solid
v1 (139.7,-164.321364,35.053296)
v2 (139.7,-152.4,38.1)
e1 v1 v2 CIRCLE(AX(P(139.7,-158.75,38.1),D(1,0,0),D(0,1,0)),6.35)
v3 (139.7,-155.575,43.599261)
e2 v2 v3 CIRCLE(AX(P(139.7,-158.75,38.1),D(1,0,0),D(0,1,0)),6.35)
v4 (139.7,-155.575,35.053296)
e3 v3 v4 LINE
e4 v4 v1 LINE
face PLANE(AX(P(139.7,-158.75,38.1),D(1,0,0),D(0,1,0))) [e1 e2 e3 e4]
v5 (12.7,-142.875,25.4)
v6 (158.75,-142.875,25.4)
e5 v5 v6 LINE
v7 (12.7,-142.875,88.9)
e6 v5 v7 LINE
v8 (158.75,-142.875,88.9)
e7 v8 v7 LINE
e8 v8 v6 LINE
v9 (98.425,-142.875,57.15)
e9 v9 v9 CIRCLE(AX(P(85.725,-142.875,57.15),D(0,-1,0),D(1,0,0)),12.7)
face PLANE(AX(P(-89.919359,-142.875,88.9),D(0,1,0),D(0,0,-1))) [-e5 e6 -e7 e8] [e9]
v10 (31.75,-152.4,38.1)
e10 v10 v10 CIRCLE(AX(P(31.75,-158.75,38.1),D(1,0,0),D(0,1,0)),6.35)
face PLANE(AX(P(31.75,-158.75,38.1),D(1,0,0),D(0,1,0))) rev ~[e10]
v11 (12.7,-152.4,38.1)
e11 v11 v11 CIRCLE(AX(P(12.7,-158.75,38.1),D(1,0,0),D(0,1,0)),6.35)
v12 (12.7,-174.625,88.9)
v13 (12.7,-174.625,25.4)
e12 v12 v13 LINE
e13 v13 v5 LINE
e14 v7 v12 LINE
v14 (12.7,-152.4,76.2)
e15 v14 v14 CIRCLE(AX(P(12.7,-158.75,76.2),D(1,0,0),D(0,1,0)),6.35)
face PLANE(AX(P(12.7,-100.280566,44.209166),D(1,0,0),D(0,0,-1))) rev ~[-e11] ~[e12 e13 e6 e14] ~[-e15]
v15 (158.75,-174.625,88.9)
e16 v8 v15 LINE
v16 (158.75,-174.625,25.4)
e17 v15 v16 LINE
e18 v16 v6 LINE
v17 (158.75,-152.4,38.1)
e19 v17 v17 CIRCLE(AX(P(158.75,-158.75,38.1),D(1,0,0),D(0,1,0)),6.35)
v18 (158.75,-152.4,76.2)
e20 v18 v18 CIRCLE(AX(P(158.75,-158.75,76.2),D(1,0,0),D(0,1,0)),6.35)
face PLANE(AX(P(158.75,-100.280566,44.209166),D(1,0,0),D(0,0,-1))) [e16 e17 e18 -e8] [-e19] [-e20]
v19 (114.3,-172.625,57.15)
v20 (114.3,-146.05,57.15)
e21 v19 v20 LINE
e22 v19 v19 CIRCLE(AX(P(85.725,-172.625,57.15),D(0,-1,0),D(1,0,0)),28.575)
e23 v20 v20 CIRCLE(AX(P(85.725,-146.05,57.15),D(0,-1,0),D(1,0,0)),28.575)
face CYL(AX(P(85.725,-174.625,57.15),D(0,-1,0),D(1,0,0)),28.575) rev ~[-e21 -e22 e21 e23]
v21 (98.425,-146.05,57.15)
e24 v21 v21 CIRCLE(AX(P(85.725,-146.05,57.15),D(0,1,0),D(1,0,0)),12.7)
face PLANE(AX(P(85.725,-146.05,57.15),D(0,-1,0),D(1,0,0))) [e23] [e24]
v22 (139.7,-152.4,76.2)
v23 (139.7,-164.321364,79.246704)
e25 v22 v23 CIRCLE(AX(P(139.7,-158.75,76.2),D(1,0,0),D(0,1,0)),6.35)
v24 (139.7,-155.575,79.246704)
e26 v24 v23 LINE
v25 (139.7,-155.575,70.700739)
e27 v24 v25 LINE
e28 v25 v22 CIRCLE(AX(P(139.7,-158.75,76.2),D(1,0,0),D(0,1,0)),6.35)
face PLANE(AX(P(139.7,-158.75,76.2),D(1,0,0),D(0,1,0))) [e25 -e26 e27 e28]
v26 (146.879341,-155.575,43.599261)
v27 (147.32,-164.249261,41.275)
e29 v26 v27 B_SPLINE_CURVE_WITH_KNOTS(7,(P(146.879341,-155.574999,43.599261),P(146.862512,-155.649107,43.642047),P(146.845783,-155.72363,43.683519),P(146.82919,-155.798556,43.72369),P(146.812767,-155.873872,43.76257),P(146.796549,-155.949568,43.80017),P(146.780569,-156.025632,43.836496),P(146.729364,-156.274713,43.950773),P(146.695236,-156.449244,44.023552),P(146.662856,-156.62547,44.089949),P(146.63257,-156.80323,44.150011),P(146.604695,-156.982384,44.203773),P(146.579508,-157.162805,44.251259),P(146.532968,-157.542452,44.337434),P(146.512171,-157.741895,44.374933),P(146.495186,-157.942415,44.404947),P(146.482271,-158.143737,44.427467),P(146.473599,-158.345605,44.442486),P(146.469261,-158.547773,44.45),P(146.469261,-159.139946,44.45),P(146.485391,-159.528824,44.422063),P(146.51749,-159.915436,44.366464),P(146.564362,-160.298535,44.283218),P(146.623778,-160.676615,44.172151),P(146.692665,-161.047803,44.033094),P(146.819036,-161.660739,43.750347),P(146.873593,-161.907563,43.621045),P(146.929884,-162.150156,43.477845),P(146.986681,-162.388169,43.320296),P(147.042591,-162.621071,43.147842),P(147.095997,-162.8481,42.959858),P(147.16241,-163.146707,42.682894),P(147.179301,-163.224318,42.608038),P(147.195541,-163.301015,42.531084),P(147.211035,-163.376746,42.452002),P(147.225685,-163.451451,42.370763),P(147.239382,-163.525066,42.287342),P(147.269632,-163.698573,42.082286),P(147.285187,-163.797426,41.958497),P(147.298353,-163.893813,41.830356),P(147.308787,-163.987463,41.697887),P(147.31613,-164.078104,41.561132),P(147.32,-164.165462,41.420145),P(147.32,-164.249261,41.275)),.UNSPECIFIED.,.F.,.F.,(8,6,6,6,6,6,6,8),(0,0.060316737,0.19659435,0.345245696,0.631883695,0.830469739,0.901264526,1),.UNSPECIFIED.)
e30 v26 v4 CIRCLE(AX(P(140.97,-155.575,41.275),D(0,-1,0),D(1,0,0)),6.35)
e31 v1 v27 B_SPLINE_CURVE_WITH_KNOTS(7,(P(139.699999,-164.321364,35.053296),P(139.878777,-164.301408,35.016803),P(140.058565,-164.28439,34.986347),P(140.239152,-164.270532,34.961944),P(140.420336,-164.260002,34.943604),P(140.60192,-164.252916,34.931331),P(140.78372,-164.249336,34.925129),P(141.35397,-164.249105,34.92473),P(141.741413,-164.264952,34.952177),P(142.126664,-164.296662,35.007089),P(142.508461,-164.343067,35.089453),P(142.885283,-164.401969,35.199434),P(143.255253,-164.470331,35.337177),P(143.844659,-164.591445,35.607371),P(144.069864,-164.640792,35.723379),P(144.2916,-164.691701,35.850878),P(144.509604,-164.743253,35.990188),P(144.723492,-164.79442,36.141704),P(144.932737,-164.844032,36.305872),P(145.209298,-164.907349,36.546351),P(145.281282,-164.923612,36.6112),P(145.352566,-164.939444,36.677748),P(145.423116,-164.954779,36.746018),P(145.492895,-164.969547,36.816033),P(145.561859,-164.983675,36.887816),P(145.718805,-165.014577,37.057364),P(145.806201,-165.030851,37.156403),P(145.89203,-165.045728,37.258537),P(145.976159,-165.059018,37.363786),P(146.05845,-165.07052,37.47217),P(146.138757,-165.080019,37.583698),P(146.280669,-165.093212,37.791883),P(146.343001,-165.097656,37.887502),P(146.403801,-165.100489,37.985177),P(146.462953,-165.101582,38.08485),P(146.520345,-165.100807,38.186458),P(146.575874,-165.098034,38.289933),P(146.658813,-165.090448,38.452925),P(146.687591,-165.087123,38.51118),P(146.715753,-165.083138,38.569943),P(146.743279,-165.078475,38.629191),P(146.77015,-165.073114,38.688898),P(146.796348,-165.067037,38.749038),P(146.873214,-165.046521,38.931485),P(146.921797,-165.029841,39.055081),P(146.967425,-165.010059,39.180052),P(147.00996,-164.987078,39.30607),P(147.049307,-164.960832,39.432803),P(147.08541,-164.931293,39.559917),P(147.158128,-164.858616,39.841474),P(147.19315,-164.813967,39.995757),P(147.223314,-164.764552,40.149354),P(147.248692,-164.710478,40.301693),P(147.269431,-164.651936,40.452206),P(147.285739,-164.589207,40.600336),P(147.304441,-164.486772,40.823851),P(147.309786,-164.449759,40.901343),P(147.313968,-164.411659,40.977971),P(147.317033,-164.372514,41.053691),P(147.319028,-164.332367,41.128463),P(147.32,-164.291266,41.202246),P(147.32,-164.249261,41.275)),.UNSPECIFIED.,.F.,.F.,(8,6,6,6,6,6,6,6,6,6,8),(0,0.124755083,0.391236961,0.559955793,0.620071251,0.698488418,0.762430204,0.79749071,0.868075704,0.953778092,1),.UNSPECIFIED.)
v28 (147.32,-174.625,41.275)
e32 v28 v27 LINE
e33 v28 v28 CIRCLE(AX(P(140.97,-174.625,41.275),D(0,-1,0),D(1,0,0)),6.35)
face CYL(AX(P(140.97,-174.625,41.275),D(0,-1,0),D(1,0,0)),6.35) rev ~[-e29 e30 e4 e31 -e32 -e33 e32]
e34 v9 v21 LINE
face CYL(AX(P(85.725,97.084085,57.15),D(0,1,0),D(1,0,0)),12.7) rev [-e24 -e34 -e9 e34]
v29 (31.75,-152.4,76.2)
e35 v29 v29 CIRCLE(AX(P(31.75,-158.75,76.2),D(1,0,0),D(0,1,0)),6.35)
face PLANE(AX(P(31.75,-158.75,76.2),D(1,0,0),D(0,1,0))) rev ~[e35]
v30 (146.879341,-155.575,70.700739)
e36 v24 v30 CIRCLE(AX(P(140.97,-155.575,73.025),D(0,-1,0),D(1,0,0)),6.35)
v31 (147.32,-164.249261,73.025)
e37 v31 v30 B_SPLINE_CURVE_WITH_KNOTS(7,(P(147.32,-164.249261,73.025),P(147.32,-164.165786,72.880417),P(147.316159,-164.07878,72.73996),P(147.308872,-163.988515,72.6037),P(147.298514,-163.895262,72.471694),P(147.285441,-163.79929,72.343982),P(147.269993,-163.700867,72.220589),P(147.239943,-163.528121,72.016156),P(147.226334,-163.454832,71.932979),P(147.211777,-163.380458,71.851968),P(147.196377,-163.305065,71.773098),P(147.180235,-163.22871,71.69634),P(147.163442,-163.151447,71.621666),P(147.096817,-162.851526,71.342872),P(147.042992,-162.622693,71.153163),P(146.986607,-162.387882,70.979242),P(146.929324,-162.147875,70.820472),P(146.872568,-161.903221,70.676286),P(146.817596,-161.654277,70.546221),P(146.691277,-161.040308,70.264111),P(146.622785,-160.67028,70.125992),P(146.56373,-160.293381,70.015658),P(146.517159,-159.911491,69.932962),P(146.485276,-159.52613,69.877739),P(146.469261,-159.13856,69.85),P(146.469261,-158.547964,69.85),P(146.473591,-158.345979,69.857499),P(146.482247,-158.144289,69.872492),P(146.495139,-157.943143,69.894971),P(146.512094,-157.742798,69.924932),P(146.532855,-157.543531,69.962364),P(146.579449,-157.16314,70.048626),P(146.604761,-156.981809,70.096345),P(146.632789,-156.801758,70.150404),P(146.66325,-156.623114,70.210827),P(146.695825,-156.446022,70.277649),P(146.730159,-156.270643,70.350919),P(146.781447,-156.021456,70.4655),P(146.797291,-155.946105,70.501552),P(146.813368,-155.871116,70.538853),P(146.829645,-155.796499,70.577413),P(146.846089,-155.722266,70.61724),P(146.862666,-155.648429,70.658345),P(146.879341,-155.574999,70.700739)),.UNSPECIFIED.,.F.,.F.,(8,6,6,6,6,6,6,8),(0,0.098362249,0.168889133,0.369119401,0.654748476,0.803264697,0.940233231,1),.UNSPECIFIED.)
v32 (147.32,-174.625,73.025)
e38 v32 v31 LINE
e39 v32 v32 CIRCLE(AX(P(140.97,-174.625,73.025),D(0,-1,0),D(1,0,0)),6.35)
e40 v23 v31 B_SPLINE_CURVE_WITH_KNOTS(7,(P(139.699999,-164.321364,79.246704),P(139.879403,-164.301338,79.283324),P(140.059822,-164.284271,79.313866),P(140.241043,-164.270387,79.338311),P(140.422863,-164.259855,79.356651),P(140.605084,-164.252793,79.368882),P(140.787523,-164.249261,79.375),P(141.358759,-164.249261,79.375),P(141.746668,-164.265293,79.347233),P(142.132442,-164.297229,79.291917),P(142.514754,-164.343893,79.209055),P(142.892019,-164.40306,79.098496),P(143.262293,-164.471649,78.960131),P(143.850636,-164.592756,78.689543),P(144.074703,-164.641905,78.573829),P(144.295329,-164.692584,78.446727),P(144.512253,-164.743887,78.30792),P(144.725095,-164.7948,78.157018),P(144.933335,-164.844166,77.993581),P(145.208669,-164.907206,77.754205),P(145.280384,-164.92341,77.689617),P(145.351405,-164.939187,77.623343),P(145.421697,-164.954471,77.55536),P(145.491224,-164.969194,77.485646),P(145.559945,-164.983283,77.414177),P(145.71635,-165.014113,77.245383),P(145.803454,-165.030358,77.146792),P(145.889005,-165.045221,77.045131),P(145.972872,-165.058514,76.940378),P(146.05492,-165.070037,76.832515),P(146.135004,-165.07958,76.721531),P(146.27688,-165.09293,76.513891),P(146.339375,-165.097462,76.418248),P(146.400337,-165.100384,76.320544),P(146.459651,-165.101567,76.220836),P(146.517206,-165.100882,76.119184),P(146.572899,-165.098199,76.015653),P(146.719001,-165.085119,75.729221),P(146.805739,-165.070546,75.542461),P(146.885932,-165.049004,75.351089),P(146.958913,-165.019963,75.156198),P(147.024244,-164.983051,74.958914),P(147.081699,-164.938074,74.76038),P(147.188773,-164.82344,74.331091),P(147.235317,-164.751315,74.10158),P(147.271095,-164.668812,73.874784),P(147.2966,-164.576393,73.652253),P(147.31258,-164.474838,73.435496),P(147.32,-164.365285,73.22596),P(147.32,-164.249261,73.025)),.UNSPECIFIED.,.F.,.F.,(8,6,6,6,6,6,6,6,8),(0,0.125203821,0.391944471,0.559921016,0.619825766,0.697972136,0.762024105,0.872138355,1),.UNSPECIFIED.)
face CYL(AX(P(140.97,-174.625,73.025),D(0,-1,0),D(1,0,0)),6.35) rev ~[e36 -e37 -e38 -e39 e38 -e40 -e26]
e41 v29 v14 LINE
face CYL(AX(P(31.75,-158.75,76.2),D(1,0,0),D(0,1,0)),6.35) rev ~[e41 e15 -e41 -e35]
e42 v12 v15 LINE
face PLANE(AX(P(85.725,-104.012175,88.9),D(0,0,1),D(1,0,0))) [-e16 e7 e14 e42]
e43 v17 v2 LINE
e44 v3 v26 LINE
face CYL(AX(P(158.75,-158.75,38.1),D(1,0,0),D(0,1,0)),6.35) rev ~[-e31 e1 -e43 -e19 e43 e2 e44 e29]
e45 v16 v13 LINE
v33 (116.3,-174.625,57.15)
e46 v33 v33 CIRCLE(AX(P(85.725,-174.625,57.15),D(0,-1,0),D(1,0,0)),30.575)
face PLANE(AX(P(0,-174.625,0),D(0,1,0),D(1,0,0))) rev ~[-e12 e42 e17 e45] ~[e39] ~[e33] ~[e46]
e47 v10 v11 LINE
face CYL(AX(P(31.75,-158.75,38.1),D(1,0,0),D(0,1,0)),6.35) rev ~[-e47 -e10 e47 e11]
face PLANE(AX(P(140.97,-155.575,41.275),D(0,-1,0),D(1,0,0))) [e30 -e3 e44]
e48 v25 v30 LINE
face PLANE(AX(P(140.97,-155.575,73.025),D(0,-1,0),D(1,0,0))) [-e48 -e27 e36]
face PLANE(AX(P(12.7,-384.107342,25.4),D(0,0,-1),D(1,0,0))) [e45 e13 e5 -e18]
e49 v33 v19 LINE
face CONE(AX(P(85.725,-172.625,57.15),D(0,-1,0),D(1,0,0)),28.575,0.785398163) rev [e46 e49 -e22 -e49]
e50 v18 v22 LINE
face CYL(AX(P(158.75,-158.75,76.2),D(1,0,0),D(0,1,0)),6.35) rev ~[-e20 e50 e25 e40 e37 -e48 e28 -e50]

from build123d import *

# Parameters (mm, degrees)
BOSS_EXTRUDE1_DEPTH      = 88.9
CUT_EXTRUDE2_DEPTH       = 241.232341963
CUT_EXTRUDE2_DEPTH_BACK  = 241.232341963
SKETCH3_R                = 28.575
CUT_EXTRUDE5_DEPTH       = 28.575
CUT_EXTRUDE6_DEPTH       = 243.134084755
CUT_EXTRUDE6_DEPTH_BACK  = 243.134084755
SKETCH4_R                = 12.7
CUT_EXTRUDE7_DEPTH       = 261.369359036
CUT_EXTRUDE7_DEPTH_BACK  = 261.369359036
CUT_EXTRUDE8_DEPTH       = 261.369359036
CUT_EXTRUDE8_DEPTH_BACK  = 12.7
SKETCH6_R                = 9.525
SKETCH7_R                = 6.35
CUT_EXTRUDE9_DEPTH       = 12.7
SKETCH12_R               = 12.7
CUT_EXTRUDE13_DEPTH      = 3.175
CUT_EXTRUDE14_DEPTH      = 253.187753717
CUT_EXTRUDE14_DEPTH_BACK = 253.187753717
SKETCH14_R               = 1.5875
CUT_EXTRUDE15_START      = -12.7
CUT_EXTRUDE15_DEPTH      = 12.7
CUT_EXTRUDE16_START      = -12.7
SKETCH8_4_R              = 6.35
CUT_EXTRUDE16_DEPTH      = 19.05
CUT_EXTRUDE18_START      = -171.45
CUT_EXTRUDE18_DEPTH      = 12.7
CUT_EXTRUDE19_START      = -139.7
SKETCH8_10_R             = 6.35
CUT_EXTRUDE19_DEPTH      = 19.05
SKETCH15_R               = 6.35
CUT_EXTRUDE20_DEPTH      = 19.05
CHAMFER1_SIZE            = 2


with BuildPart() as part:
    # Sketch1 → Boss-Extrude1 (new body)
    with BuildSketch(Plane.XY):
        Polygon((0, 0), (0, -174.625), (171.45, -174.625), (171.45, 0), (158.75, 0), (158.75, -142.875), (12.7, -142.875), (12.7, 0), align=None)
    extrude(amount=BOSS_EXTRUDE1_DEPTH)

    # Sketch2 → Cut-Extrude2 (cut, two sides: drawn at the far end of the back side and taken through both)
    with BuildSketch(Plane(origin=(0, -142.875, 0), x_dir=(1, 0, 0), z_dir=(0, 1, 0)).offset(-CUT_EXTRUDE2_DEPTH_BACK)):
        Polygon((158.75, 0), (12.7, 0), (12.7, -25.4), (85.724999876, -25.4), (158.75, -25.4), align=None)
    extrude(amount=CUT_EXTRUDE2_DEPTH + CUT_EXTRUDE2_DEPTH_BACK, mode=Mode.SUBTRACT)

    # Sketch3 → Cut-Extrude5 (cut)
    with BuildSketch(Plane.XZ.offset(174.625)):
        with Locations((85.725, 57.15)):
            Circle(SKETCH3_R)
    extrude(amount=-CUT_EXTRUDE5_DEPTH, mode=Mode.SUBTRACT)

    # Sketch4 → Cut-Extrude6 (cut, two sides: drawn at the far end of the back side and taken through both)
    with BuildSketch(Plane.XZ.offset(146.05).offset(-CUT_EXTRUDE6_DEPTH_BACK)):
        with Locations((85.725, 57.15)):
            Circle(SKETCH4_R)
    extrude(amount=CUT_EXTRUDE6_DEPTH + CUT_EXTRUDE6_DEPTH_BACK, mode=Mode.SUBTRACT)

    # Sketch5 → Cut-Extrude7 (cut, two sides: drawn at the far end of the back side and taken through both)
    with BuildSketch(Plane(origin=(171.45, 0, 0), x_dir=(0, 0, -1), z_dir=(1, 0, 0)).offset(-CUT_EXTRUDE7_DEPTH_BACK)):
        with BuildLine():
            Line((0, -174.625), (0, -114.3))
            ThreePointArc((0, -114.3), (-0.597344099, -119.776153781), (-2.361280333, -124.994736842))
            Line((-2.361280333, -124.994736842), (-25.4, -174.625))
            Line((-25.4, -174.625), (0, -174.625))
        make_face()
        with BuildLine():
            Line((-39.269490456, -98.025866748), (-71.745289975, -22.119448379))
            ThreePointArc((-71.745289975, -22.119448379), (-70.400400796, -7.131859618), (-57.149999966, 0))
            Line((-57.149999966, 0), (-88.9, 0))
            Line((-88.9, 0), (-88.9, -142.875))
            Line((-88.9, -142.875), (-50.8, -142.875))
            Line((-50.8, -142.875), (-39.583234749, -118.711720996))
            ThreePointArc((-39.583234749, -118.711720996), (-37.224875429, -108.402184034), (-39.269490456, -98.025866748))
        make_face()
        with BuildLine():
            Line((0, 0), (-57.149999966, 0))
            ThreePointArc((-57.149999966, 0), (-48.406859618, -2.624599204), (-42.554710025, -9.630551621))
            Line((-42.554710025, -9.630551621), (-2.047536041, -104.308882594))
            ThreePointArc((-2.047536041, -104.308882594), (-0.51714863, -109.200616928), (0, -114.3))
            Line((0, -114.3), (0, 0))
        make_face()
    extrude(amount=CUT_EXTRUDE7_DEPTH + CUT_EXTRUDE7_DEPTH_BACK, mode=Mode.SUBTRACT)

    # Sketch6 → Cut-Extrude8 (cut, two sides: drawn at the far end of the back side and taken through both)
    with BuildSketch(Plane(origin=(171.45, 0, 0), x_dir=(0, 0, -1), z_dir=(1, 0, 0)).offset(-CUT_EXTRUDE8_DEPTH_BACK)):
        with Locations(Location((-57.15, -15.875, 0), (0, 0, 90))):
            Circle(SKETCH6_R)
    extrude(amount=CUT_EXTRUDE8_DEPTH + CUT_EXTRUDE8_DEPTH_BACK, mode=Mode.SUBTRACT)

    # Sketch7 → Cut-Extrude9 (cut)
    with BuildSketch(Plane(origin=(12.7, 0, 0), x_dir=(0, 0, -1), z_dir=(1, 0, 0))):
        with Locations((-57.15, -15.875)):
            Circle(SKETCH7_R)
    extrude(amount=-CUT_EXTRUDE9_DEPTH, mode=Mode.SUBTRACT)

    # Sketch12 → Cut-Extrude13 (cut)
    with BuildSketch(Plane(origin=(12.7, 0, 0), x_dir=(0, 0, -1), z_dir=(1, 0, 0))):
        with Locations((-57.15, -15.875)):
            Circle(SKETCH12_R)
    extrude(amount=-CUT_EXTRUDE13_DEPTH, mode=Mode.SUBTRACT)

    # Sketch14 → Cut-Extrude14 (cut, two sides: drawn at the far end of the back side and taken through both)
    with BuildSketch(Plane(origin=(12.7, 0, 0), x_dir=(0, 0, -1), z_dir=(1, 0, 0)).offset(-CUT_EXTRUDE14_DEPTH_BACK)):
        with Locations((-53.770765225, -24.780413934)):
            Circle(SKETCH14_R)
        with Locations((-66.551932086, -14.348796194)):
            Circle(SKETCH14_R)
        with Locations((-51.12730269, -8.495789872)):
            Circle(SKETCH14_R)
    extrude(amount=CUT_EXTRUDE14_DEPTH + CUT_EXTRUDE14_DEPTH_BACK, mode=Mode.SUBTRACT)

    # Sketch8 → Cut-Extrude15 (cut)
    with BuildSketch(Plane(origin=(171.45, 0, 0), x_dir=(0, 0, -1), z_dir=(1, 0, 0)).offset(CUT_EXTRUDE15_START)):
        with BuildLine():
            Line((-50.8, -142.875), (-88.9, -142.875))
            Line((-88.9, -142.875), (-88.9, -174.625))
            Line((-88.9, -174.625), (-25.4, -174.625))
            Line((-25.4, -174.625), (-2.361280333, -124.994736842))
            ThreePointArc((-2.361280333, -124.994736842), (-0.002921013, -114.68519988), (-2.047536041, -104.308882594))
            Line((-2.047536041, -104.308882594), (-42.554710025, -9.630551621))
            ThreePointArc((-42.554710025, -9.630551621), (-63.394448379, -1.279710025), (-71.745289975, -22.119448379))
            Line((-71.745289975, -22.119448379), (-39.269490456, -98.025866748))
            ThreePointArc((-39.269490456, -98.025866748), (-37.224875429, -108.402184034), (-39.583234749, -118.711720996))
            Line((-39.583234749, -118.711720996), (-50.8, -142.875))
        make_face()
    extrude(amount=CUT_EXTRUDE15_DEPTH, mode=Mode.SUBTRACT)

    # Sketch8<4> → Cut-Extrude16 (cut)
    with BuildSketch(Plane(origin=(171.45, 0, 0), x_dir=(0, 0, -1), z_dir=(1, 0, 0)).offset(CUT_EXTRUDE16_START)):
        with Locations(Location((-76.2, -158.75, 0), (0, 0, 90))):
            Circle(SKETCH8_4_R)
        with Locations(Location((-38.1, -158.75, 0), (0, 0, 90))):
            Circle(SKETCH8_4_R)
    extrude(amount=-CUT_EXTRUDE16_DEPTH, mode=Mode.SUBTRACT)

    # Sketch8<9> → Cut-Extrude18 (cut)
    with BuildSketch(Plane(origin=(171.45, 0, 0), x_dir=(0, 0, -1), z_dir=(1, 0, 0)).offset(CUT_EXTRUDE18_START)):
        with BuildLine():
            Line((-50.8, -142.875), (-88.9, -142.875))
            Line((-88.9, -142.875), (-88.9, -174.625))
            Line((-88.9, -174.625), (-25.4, -174.625))
            Line((-25.4, -174.625), (-2.361280333, -124.994736842))
            ThreePointArc((-2.361280333, -124.994736842), (-0.002921013, -114.68519988), (-2.047536041, -104.308882594))
            Line((-2.047536041, -104.308882594), (-42.554710025, -9.630551621))
            ThreePointArc((-42.554710025, -9.630551621), (-63.394448379, -1.279710025), (-71.745289975, -22.119448379))
            Line((-71.745289975, -22.119448379), (-39.269490456, -98.025866748))
            ThreePointArc((-39.269490456, -98.025866748), (-37.224875429, -108.402184034), (-39.583234749, -118.711720996))
            Line((-39.583234749, -118.711720996), (-50.8, -142.875))
        make_face()
    extrude(amount=CUT_EXTRUDE18_DEPTH, mode=Mode.SUBTRACT)

    # Sketch8<10> → Cut-Extrude19 (cut)
    with BuildSketch(Plane(origin=(171.45, 0, 0), x_dir=(0, 0, -1), z_dir=(1, 0, 0)).offset(CUT_EXTRUDE19_START)):
        with Locations(Location((-76.2, -158.75, 0), (0, 0, 90))):
            Circle(SKETCH8_10_R)
        with Locations(Location((-38.1, -158.75, 0), (0, 0, 90))):
            Circle(SKETCH8_10_R)
    extrude(amount=-CUT_EXTRUDE19_DEPTH, mode=Mode.SUBTRACT)

    # Sketch15 → Cut-Extrude20 (cut)
    with BuildSketch(Plane.XZ.offset(174.625)):
        with Locations((140.97, 73.025)):
            Circle(SKETCH15_R)
        with Locations((140.97, 41.275)):
            Circle(SKETCH15_R)
    extrude(amount=-CUT_EXTRUDE20_DEPTH, mode=Mode.SUBTRACT)

    # Chamfer1
    chamfer1_edges = [part.edges().sort_by_distance(p)[0] for p in [
        (57.15, -174.625, 57.15),
    ]]
    chamfer(chamfer1_edges, length=CHAMFER1_SIZE)


solid = part.part
